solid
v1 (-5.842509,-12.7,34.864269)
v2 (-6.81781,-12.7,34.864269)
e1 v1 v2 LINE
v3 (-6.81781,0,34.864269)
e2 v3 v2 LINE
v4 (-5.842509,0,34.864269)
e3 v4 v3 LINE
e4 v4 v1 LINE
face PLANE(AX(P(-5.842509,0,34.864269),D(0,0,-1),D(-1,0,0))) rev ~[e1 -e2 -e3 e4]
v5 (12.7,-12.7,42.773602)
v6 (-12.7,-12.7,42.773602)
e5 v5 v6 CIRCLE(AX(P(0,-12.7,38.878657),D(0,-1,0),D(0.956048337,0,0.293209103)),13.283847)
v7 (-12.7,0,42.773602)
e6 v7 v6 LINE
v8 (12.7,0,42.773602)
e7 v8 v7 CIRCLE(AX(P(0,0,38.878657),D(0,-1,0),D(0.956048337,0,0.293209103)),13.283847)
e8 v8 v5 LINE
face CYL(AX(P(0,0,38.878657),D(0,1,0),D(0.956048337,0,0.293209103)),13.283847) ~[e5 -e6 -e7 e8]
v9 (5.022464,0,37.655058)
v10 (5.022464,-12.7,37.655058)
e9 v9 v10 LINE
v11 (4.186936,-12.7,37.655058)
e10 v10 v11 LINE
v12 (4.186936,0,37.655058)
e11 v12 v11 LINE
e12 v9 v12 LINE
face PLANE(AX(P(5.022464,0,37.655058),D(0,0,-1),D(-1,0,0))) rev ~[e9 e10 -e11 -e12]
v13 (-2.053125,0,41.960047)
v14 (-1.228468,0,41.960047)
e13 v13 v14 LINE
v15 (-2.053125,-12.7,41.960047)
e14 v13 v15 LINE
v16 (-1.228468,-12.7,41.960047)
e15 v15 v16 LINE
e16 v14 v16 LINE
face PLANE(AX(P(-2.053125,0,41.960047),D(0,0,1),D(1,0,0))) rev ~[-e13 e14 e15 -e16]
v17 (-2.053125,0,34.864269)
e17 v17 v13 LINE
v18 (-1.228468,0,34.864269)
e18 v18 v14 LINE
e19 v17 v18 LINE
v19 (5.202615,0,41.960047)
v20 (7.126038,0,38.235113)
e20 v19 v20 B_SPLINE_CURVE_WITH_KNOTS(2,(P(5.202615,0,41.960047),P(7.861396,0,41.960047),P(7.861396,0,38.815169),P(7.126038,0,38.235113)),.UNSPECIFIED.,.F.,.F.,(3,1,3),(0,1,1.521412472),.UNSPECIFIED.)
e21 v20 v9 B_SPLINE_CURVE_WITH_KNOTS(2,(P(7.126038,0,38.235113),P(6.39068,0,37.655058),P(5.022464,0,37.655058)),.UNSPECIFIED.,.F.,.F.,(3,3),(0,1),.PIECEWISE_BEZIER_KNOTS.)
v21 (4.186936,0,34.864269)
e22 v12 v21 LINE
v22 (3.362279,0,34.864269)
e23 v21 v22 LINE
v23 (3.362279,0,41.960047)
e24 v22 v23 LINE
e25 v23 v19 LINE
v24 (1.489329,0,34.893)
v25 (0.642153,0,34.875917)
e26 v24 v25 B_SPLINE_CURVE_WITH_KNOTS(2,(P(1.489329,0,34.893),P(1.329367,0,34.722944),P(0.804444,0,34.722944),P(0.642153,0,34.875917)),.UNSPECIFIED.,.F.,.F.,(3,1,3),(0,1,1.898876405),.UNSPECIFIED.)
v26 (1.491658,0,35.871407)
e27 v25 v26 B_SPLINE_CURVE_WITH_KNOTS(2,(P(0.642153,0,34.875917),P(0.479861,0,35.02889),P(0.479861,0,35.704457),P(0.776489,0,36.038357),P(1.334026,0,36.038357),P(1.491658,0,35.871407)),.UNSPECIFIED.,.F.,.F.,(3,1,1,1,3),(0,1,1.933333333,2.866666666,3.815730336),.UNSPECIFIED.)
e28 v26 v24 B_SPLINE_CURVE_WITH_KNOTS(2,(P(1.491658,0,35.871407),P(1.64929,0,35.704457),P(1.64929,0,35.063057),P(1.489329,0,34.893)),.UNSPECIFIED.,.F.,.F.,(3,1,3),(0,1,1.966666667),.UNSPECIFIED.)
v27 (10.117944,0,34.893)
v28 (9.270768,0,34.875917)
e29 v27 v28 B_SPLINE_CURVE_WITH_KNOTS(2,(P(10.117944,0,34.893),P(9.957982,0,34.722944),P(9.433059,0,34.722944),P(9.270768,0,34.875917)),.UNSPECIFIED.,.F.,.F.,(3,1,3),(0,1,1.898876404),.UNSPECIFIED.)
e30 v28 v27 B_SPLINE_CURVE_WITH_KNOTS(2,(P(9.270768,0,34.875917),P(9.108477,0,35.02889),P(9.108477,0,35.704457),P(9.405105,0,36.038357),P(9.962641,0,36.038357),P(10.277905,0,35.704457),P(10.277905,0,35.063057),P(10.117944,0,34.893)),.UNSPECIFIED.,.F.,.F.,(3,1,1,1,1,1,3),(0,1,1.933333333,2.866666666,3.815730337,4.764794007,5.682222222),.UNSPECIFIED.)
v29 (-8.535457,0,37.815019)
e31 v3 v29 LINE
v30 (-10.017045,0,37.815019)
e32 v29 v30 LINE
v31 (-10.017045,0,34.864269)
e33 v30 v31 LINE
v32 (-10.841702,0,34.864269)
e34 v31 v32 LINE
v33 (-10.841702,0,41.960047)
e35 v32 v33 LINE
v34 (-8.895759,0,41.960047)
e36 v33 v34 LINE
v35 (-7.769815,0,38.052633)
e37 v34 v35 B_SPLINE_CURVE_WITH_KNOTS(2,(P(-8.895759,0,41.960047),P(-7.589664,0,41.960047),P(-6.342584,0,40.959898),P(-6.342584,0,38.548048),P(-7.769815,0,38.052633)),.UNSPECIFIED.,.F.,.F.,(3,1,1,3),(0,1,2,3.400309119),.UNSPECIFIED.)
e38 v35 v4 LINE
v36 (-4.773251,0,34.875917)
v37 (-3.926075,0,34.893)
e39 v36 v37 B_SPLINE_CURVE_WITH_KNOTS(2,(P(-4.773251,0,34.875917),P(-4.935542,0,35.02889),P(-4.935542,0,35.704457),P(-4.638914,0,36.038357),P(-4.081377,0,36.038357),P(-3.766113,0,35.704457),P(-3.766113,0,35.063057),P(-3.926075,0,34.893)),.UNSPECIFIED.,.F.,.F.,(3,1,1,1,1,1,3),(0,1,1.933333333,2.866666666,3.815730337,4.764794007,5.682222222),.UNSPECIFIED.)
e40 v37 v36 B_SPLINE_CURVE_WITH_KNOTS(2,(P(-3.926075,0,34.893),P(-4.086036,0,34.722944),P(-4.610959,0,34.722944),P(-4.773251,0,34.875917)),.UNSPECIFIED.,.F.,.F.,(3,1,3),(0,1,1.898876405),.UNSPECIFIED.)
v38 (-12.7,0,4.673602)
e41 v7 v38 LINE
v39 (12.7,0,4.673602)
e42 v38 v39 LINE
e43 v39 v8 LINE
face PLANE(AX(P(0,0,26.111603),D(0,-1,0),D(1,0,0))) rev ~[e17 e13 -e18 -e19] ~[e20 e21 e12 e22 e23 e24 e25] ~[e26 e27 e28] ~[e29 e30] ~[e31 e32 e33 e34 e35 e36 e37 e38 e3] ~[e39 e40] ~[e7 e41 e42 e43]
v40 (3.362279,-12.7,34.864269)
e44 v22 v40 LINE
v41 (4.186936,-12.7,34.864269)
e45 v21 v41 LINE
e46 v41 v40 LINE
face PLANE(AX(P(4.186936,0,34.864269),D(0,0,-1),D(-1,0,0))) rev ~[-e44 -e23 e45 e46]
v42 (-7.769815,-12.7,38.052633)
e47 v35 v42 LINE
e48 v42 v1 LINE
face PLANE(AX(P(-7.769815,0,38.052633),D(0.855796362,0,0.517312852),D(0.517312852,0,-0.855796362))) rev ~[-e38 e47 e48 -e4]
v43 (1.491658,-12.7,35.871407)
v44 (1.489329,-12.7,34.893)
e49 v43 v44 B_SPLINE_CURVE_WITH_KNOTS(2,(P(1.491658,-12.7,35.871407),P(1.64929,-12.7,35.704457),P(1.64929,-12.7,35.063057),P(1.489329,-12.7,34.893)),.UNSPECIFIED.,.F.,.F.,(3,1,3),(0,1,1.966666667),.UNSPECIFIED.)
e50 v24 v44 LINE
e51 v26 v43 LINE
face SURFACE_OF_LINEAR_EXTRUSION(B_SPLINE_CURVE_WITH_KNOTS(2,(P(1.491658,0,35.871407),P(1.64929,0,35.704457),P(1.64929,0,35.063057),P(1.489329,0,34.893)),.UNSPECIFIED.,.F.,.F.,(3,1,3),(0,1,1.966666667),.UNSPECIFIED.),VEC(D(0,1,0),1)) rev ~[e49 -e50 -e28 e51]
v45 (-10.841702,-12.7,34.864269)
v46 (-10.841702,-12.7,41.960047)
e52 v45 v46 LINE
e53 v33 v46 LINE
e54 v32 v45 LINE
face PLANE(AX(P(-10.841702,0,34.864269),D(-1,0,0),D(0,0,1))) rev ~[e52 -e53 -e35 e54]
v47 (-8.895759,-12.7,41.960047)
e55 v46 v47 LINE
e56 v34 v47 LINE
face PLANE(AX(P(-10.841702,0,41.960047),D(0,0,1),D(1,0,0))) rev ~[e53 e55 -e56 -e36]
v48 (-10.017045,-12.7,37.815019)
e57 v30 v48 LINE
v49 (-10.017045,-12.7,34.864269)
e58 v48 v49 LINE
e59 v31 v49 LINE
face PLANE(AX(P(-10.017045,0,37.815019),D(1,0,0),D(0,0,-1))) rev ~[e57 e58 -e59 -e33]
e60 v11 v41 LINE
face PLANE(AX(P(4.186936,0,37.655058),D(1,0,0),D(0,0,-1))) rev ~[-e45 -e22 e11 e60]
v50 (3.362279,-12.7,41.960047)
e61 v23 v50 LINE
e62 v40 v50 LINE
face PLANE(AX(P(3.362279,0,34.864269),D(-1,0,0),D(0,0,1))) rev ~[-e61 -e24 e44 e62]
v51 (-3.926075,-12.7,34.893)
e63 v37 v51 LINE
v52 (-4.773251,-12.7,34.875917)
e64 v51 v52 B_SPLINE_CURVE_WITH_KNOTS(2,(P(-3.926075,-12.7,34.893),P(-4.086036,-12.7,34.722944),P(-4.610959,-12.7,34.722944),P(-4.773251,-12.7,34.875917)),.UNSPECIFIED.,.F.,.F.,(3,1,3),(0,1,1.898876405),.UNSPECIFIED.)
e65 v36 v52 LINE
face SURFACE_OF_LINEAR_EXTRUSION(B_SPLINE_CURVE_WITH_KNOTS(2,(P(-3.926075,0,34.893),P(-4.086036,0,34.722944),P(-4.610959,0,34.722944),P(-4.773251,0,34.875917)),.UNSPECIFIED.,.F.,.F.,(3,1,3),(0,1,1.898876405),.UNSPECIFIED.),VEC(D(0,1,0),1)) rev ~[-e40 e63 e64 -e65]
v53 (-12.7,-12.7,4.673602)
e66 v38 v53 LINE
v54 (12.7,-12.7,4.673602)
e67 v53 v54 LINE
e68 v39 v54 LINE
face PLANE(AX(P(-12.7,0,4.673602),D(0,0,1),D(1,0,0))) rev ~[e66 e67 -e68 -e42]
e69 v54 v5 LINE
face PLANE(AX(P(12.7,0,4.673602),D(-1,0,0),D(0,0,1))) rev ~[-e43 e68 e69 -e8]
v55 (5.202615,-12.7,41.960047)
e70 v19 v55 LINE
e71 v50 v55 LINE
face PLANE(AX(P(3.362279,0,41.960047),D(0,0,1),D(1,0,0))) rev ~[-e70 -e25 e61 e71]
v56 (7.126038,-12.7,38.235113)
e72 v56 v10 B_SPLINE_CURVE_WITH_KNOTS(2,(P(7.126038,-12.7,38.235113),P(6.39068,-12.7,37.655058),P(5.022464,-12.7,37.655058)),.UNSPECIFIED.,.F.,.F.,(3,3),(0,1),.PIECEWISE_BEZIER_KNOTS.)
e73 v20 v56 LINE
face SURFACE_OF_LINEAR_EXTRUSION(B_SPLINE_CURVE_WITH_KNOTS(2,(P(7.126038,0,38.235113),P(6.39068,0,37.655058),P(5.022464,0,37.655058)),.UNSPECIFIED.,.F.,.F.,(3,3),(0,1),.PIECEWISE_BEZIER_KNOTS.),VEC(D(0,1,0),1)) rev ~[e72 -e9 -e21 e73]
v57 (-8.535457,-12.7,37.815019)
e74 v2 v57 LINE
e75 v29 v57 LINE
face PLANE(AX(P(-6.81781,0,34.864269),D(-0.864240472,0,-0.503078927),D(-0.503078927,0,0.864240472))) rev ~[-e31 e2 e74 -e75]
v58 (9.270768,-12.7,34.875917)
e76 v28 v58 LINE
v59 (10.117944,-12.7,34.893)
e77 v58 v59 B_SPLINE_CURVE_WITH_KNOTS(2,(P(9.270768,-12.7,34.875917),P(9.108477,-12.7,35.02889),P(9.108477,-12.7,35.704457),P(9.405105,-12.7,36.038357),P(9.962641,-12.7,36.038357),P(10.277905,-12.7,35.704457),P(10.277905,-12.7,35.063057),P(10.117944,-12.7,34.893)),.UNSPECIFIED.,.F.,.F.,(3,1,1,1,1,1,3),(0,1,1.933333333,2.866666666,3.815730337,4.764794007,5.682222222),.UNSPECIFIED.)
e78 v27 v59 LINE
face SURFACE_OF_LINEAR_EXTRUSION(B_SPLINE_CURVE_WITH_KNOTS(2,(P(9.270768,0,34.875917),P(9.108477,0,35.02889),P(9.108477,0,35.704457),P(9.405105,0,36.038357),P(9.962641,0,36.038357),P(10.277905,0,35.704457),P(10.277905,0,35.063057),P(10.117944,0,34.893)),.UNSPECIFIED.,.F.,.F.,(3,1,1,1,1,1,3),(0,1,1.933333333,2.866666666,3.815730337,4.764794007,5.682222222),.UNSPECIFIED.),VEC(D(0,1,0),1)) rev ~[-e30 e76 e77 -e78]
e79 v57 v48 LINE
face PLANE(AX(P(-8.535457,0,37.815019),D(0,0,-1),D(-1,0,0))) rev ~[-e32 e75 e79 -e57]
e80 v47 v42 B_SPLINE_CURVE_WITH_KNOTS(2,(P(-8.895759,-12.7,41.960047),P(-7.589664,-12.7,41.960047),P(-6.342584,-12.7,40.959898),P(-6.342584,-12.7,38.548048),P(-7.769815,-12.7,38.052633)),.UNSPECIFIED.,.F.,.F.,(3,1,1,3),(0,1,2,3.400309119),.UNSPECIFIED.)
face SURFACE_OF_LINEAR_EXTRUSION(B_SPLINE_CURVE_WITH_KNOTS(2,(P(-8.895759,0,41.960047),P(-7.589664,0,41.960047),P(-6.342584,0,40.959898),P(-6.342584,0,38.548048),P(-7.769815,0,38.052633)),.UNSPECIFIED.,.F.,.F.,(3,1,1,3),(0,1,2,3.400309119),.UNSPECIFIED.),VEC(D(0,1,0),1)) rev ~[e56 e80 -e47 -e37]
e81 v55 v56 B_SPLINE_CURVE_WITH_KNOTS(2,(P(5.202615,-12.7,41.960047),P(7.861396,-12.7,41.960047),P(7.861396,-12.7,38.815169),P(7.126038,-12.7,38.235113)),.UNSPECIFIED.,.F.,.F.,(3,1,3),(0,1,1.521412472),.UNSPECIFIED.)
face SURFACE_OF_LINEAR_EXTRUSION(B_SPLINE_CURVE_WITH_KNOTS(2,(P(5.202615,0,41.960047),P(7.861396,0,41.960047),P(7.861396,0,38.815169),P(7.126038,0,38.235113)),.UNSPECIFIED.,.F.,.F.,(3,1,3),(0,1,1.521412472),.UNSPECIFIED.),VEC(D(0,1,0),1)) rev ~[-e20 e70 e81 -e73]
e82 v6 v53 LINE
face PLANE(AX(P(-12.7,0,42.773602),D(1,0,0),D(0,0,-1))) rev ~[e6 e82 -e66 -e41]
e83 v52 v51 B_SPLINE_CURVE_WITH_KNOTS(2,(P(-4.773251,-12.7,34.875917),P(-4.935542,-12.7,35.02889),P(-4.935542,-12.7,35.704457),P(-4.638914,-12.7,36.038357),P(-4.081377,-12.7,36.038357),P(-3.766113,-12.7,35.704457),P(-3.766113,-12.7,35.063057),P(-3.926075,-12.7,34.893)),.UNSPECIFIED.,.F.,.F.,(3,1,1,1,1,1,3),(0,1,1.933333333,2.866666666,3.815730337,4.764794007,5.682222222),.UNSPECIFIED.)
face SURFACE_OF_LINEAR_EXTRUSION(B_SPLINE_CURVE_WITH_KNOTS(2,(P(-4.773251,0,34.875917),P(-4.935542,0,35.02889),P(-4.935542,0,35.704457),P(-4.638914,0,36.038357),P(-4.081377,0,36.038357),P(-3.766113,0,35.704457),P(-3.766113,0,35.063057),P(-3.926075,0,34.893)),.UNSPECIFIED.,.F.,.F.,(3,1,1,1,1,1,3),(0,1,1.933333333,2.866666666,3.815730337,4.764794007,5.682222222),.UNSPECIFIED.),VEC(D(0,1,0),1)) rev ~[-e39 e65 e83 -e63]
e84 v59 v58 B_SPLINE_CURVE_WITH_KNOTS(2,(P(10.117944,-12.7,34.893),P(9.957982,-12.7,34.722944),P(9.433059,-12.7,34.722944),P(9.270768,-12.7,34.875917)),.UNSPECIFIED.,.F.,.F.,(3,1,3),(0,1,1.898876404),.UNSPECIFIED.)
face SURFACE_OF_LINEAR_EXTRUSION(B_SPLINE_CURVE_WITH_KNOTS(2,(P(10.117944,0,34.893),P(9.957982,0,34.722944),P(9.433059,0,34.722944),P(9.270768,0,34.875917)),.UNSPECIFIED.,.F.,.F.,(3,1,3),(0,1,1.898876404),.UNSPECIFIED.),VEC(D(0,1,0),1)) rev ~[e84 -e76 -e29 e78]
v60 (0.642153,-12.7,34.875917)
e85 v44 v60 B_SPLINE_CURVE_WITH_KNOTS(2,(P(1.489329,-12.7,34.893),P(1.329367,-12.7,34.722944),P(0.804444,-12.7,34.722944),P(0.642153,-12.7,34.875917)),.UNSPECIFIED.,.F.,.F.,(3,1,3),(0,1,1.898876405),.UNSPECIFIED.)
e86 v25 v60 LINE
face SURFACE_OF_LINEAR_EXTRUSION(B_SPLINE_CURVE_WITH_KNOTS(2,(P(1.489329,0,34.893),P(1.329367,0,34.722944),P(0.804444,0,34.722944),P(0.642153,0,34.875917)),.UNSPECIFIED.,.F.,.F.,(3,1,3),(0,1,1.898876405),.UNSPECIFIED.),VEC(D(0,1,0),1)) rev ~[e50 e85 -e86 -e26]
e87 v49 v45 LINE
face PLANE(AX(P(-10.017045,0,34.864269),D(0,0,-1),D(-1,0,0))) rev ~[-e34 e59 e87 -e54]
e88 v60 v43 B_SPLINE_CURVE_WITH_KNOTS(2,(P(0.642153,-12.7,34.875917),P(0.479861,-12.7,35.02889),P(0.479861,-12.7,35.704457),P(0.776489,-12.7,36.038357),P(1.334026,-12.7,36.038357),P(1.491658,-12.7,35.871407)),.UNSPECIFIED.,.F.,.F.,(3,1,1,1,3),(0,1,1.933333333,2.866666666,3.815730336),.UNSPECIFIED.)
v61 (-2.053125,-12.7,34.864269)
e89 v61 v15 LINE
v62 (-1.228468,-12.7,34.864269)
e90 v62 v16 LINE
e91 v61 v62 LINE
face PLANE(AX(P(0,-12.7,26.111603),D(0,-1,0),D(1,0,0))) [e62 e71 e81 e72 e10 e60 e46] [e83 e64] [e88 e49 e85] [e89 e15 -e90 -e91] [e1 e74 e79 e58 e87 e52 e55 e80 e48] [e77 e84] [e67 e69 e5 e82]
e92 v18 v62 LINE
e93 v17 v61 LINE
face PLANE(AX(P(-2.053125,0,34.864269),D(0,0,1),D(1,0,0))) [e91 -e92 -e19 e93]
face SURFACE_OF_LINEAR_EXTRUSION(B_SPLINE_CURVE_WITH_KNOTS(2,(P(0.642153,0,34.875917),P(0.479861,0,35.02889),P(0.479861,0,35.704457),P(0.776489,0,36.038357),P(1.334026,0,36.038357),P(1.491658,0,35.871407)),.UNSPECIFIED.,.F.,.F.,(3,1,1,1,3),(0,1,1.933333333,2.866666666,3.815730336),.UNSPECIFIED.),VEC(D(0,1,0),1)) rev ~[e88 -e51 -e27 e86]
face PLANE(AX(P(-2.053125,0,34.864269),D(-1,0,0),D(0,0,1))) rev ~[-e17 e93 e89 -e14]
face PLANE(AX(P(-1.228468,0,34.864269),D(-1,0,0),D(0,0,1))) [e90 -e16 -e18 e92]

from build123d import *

# Parameters (mm, degrees)
F0_W     = 0.8246570578
F0_H     = 7.0957779608
F1_DEPTH = 12.7


with BuildPart() as f1:
    # F0 (on Front) → F1 (new body)
    with BuildSketch(Plane.XZ):
        with BuildLine():
            Line((-12.7, 42.7736016706), (-12.7, 4.6736016706))
            Line((-12.7, 4.6736016706), (12.7, 4.6736016706))
            Line((12.7, 4.6736016706), (12.7, 42.7736016706))
            ThreePointArc((12.7, 42.7736016706), (0, 52.1625039349), (-12.7, 42.7736016706))
        make_face()
        with BuildLine():
            Line((-8.5354572633, 37.815019498), (-10.0170445197, 37.815019498))
            Line((-10.0170445197, 37.815019498), (-10.0170445197, 34.864269197))
            Line((-10.0170445197, 34.864269197), (-10.8417015775, 34.864269197))
            Line((-10.8417015775, 34.864269197), (-10.8417015775, 41.9600471578))
            Line((-10.8417015775, 41.9600471578), (-8.8957594053, 41.9600471578))
            add(Edge.make_bspline(
                [(-8.8957594053, 41.9600471578), (-7.5896641404, 41.9600471578), (-6.966124011, 41.4599726331)],
                knots=[0, 0, 0, 1, 1, 1], degree=2))
            add(Edge.make_bspline(
                [(-6.966124011, 41.4599726331), (-6.3425838816, 40.9598981084), (-6.3425838816, 39.9550899795)],
                knots=[0, 0, 0, 1, 1, 1], degree=2))
            add(Edge.make_bspline(
                [(-6.3425838816, 39.9550899795), (-6.3425838816, 38.5480479939), (-7.7698152115, 38.0526325486)],
                knots=[0, 0, 0, 1, 1, 1], degree=2))
            Line((-7.7698152115, 38.0526325486), (-5.8425093569, 34.864269197))
            Line((-5.8425093569, 34.864269197), (-6.8178099827, 34.864269197))
            Line((-6.8178099827, 34.864269197), (-8.5354572633, 37.815019498))
        make_face(mode=Mode.SUBTRACT)
        with BuildLine():
            add(Edge.make_bspline(
                [(-4.7732506294, 34.8759168955), (-4.935541896, 35.0288900033), (-4.935541896, 35.37832096)],
                knots=[0, 0, 0, 1, 1, 1], degree=2))
            add(Edge.make_bspline(
                [(-4.935541896, 35.37832096), (-4.935541896, 35.7044565195), (-4.7872278677, 35.8714068655)],
                knots=[0, 0, 0, 1, 1, 1], degree=2))
            add(Edge.make_bspline(
                [(-4.7872278677, 35.8714068655), (-4.6389138394, 36.0383572115), (-4.362475127, 36.0383572115)],
                knots=[0, 0, 0, 1, 1, 1], degree=2))
            add(Edge.make_bspline(
                [(-4.362475127, 36.0383572115), (-4.0813773351, 36.0383572115), (-3.923745148, 35.8714068655)],
                knots=[0, 0, 0, 1, 1, 1], degree=2))
            add(Edge.make_bspline(
                [(-3.923745148, 35.8714068655), (-3.7661129609, 35.7044565195), (-3.7661129609, 35.37832096)],
                knots=[0, 0, 0, 1, 1, 1], degree=2))
            add(Edge.make_bspline(
                [(-3.7661129609, 35.37832096), (-3.7661129609, 35.0630565857), (-3.9260746877, 34.8930001868)],
                knots=[0, 0, 0, 1, 1, 1], degree=2))
            add(Edge.make_bspline(
                [(-3.9260746877, 34.8930001868), (-4.0860364146, 34.7229437878), (-4.362475127, 34.7229437878)],
                knots=[0, 0, 0, 1, 1, 1], degree=2))
            add(Edge.make_bspline(
                [(-4.362475127, 34.7229437878), (-4.6109593629, 34.7229437878), (-4.7732506294, 34.8759168955)],
                knots=[0, 0, 0, 1, 1, 1], degree=2))
        make_face(mode=Mode.SUBTRACT)
        with Locations((-1.6407962309, 38.4121581774)):
            Rectangle(F0_W, F0_H, mode=Mode.SUBTRACT)
        with BuildLine():
            add(Edge.make_bspline(
                [(0.6421526862, 34.8759168955), (0.4798614197, 35.0288900033), (0.4798614197, 35.37832096)],
                knots=[0, 0, 0, 1, 1, 1], degree=2))
            add(Edge.make_bspline(
                [(0.4798614197, 35.37832096), (0.4798614197, 35.7044565195), (0.628175448, 35.8714068655)],
                knots=[0, 0, 0, 1, 1, 1], degree=2))
            add(Edge.make_bspline(
                [(0.628175448, 35.8714068655), (0.7764894763, 36.0383572115), (1.0529281887, 36.0383572115)],
                knots=[0, 0, 0, 1, 1, 1], degree=2))
            add(Edge.make_bspline(
                [(1.0529281887, 36.0383572115), (1.3340259805, 36.0383572115), (1.4916581677, 35.8714068655)],
                knots=[0, 0, 0, 1, 1, 1], degree=2))
            add(Edge.make_bspline(
                [(1.4916581677, 35.8714068655), (1.6492903548, 35.7044565195), (1.6492903548, 35.37832096)],
                knots=[0, 0, 0, 1, 1, 1], degree=2))
            add(Edge.make_bspline(
                [(1.6492903548, 35.37832096), (1.6492903548, 35.0630565857), (1.4893286279, 34.8930001868)],
                knots=[0, 0, 0, 1, 1, 1], degree=2))
            add(Edge.make_bspline(
                [(1.4893286279, 34.8930001868), (1.3293669011, 34.7229437878), (1.0529281887, 34.7229437878)],
                knots=[0, 0, 0, 1, 1, 1], degree=2))
            add(Edge.make_bspline(
                [(1.0529281887, 34.7229437878), (0.8044439528, 34.7229437878), (0.6421526862, 34.8759168955)],
                knots=[0, 0, 0, 1, 1, 1], degree=2))
        make_face(mode=Mode.SUBTRACT)
        with BuildLine():
            add(Edge.make_bspline(
                [(5.2026149278, 41.9600471578), (7.8613962517, 41.9600471578), (7.8613962517, 39.8929689206)],
                knots=[0, 0, 0, 1, 1, 1], degree=2))
            add(Edge.make_bspline(
                [(7.8613962517, 39.8929689206), (7.8613962517, 38.8151685474), (7.1260382162, 38.2351131593)],
                knots=[0, 0, 0, 1, 1, 1], degree=2))
            add(Edge.make_bspline(
                [(7.1260382162, 38.2351131593), (6.3906801806, 37.6550577712), (5.0224638568, 37.6550577712)],
                knots=[0, 0, 0, 1, 1, 1], degree=2))
            Line((5.0224638568, 37.6550577712), (4.1869356137, 37.6550577712))
            Line((4.1869356137, 37.6550577712), (4.1869356137, 34.864269197))
            Line((4.1869356137, 34.864269197), (3.3622785559, 34.864269197))
            Line((3.3622785559, 34.864269197), (3.3622785559, 41.9600471578))
            Line((3.3622785559, 41.9600471578), (5.2026149278, 41.9600471578))
        make_face(mode=Mode.SUBTRACT)
        with BuildLine():
            add(Edge.make_bspline(
                [(9.2707677771, 34.8759168955), (9.1084765105, 35.0288900033), (9.1084765105, 35.37832096)],
                knots=[0, 0, 0, 1, 1, 1], degree=2))
            add(Edge.make_bspline(
                [(9.1084765105, 35.37832096), (9.1084765105, 35.7044565195), (9.2567905388, 35.8714068655)],
                knots=[0, 0, 0, 1, 1, 1], degree=2))
            add(Edge.make_bspline(
                [(9.2567905388, 35.8714068655), (9.4051045671, 36.0383572115), (9.6815432795, 36.0383572115)],
                knots=[0, 0, 0, 1, 1, 1], degree=2))
            add(Edge.make_bspline(
                [(9.6815432795, 36.0383572115), (9.9626410714, 36.0383572115), (10.1202732585, 35.8714068655)],
                knots=[0, 0, 0, 1, 1, 1], degree=2))
            add(Edge.make_bspline(
                [(10.1202732585, 35.8714068655), (10.2779054456, 35.7044565195), (10.2779054456, 35.37832096)],
                knots=[0, 0, 0, 1, 1, 1], degree=2))
            add(Edge.make_bspline(
                [(10.2779054456, 35.37832096), (10.2779054456, 35.0630565857), (10.1179437188, 34.8930001868)],
                knots=[0, 0, 0, 1, 1, 1], degree=2))
            add(Edge.make_bspline(
                [(10.1179437188, 34.8930001868), (9.957981992, 34.7229437878), (9.6815432795, 34.7229437878)],
                knots=[0, 0, 0, 1, 1, 1], degree=2))
            add(Edge.make_bspline(
                [(9.6815432795, 34.7229437878), (9.4330590437, 34.7229437878), (9.2707677771, 34.8759168955)],
                knots=[0, 0, 0, 1, 1, 1], degree=2))
        make_face(mode=Mode.SUBTRACT)
    extrude(amount=F1_DEPTH)


solid = f1.part
